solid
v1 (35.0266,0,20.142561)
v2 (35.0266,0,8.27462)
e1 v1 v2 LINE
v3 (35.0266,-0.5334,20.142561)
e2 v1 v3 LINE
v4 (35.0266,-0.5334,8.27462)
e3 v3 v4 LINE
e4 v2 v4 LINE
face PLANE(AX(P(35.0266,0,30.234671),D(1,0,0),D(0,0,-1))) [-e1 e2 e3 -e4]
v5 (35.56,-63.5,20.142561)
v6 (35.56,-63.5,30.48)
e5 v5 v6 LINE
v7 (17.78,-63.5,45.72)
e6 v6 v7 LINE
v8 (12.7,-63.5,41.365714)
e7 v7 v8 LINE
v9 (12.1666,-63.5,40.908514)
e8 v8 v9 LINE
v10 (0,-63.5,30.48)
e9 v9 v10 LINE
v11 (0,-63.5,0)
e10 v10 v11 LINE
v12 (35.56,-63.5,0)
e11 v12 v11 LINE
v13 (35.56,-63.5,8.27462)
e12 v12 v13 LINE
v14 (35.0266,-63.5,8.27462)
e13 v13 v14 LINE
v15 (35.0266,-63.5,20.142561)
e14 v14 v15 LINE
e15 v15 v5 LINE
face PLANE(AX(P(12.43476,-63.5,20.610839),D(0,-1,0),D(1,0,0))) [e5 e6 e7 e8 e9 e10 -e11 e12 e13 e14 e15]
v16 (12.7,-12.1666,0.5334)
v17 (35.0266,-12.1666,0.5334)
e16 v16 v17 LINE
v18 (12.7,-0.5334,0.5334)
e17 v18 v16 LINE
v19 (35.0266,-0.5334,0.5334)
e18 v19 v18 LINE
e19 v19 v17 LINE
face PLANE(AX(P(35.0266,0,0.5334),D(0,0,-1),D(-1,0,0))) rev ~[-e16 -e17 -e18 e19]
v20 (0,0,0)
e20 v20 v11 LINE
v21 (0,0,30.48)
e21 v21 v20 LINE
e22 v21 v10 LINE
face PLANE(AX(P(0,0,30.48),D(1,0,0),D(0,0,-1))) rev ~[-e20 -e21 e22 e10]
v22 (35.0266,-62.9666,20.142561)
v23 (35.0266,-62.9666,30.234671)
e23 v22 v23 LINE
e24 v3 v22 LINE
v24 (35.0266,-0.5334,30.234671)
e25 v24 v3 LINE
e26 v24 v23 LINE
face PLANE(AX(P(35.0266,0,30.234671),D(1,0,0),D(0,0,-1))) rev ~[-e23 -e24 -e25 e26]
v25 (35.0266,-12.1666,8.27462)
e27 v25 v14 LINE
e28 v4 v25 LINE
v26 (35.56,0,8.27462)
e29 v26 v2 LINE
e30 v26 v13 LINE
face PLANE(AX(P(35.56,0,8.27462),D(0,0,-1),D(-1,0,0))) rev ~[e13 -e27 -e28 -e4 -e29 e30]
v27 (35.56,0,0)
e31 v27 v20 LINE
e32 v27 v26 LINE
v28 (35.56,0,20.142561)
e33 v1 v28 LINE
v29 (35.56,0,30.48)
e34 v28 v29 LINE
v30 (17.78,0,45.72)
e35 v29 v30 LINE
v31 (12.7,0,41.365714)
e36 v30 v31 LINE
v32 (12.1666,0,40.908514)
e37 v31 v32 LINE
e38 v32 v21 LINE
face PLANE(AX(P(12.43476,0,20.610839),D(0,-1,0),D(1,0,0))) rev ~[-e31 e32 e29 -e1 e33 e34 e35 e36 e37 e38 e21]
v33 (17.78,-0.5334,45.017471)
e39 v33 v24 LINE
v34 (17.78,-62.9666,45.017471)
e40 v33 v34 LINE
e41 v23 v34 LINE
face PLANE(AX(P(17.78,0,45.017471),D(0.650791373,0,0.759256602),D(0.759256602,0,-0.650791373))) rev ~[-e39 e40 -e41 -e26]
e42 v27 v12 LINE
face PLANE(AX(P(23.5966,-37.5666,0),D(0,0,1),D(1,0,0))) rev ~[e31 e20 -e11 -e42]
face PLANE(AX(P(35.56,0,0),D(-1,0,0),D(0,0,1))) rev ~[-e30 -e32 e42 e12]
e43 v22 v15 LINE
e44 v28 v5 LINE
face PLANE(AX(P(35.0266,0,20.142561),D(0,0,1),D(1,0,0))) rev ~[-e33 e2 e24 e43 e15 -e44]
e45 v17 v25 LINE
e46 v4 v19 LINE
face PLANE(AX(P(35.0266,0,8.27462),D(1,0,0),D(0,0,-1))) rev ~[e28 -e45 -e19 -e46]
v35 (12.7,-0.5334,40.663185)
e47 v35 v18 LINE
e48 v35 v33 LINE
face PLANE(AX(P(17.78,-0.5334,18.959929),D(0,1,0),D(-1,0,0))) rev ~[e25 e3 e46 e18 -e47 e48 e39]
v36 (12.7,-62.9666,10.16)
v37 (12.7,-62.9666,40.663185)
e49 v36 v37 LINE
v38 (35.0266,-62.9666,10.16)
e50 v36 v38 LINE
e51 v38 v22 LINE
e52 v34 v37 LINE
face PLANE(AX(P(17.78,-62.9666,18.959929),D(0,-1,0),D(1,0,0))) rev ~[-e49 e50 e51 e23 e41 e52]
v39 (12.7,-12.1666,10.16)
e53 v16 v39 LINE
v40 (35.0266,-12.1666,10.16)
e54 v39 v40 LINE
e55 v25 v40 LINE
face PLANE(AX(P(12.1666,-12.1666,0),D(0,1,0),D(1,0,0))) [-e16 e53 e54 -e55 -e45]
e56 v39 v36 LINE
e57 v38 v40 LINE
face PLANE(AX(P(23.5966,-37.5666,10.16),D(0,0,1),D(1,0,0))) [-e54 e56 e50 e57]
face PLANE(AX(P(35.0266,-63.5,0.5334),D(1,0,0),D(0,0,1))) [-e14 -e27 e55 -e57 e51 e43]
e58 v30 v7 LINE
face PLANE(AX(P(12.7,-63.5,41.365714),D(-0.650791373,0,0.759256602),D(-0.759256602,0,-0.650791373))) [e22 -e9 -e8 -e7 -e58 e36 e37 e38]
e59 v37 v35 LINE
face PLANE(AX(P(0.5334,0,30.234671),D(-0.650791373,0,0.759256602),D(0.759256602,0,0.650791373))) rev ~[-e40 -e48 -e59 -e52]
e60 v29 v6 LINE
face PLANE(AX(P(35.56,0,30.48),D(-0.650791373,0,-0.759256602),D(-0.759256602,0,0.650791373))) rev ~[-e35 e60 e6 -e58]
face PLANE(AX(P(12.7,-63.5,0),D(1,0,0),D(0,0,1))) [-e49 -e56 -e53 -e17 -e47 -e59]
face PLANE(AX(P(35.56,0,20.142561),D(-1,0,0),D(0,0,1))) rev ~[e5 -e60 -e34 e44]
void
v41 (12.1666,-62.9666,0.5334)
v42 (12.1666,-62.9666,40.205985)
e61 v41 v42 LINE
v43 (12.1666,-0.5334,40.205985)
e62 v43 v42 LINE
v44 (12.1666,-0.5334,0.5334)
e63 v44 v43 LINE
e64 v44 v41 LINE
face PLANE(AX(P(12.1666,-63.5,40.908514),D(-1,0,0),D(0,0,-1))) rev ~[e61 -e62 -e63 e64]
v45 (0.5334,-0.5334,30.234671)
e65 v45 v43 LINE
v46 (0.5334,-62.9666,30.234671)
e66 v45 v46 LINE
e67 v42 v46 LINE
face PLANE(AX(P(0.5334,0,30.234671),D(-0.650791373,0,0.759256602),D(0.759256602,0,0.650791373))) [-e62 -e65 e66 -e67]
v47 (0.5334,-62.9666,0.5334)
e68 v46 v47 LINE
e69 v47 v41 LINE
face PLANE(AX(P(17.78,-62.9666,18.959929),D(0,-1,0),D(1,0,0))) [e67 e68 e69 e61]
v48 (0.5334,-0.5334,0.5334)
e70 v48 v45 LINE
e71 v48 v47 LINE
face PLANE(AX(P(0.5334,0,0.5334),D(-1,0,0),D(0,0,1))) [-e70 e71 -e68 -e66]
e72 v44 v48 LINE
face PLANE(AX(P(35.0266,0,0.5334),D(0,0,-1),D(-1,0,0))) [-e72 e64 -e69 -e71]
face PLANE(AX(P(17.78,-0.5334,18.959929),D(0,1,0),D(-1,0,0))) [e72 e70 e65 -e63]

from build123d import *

# Parameters (mm, degrees)
F1_DEPTH = 63.5
F3_DEPTH = 0.5334
F5_DEPTH = 0.5334
F7_DEPTH = 63.5
F8_W     = 22.86
F8_H     = 50.8
F9_DEPTH = 10.16


with BuildPart() as f1:
    # F0 (on Front) → F1 (new body)
    with BuildSketch(Plane.XZ):
        Polygon((0, 30.48), (0, 0), (35.56, 0), (35.56, 8.27462), (35.0266, 8.27462), (35.0266, 0.5334), (0.5334, 0.5334), (0.5334, 30.234671), (17.78, 45.017471), (35.0266, 30.234671), (35.0266, 20.142561), (35.56, 20.142561), (35.56, 30.48), (17.78, 45.72), align=None)
    extrude(amount=F1_DEPTH)

    # F2 (on face) → F3 (join)
    with BuildSketch(Plane.XZ.offset(63.5)):
        Polygon((35.0266, 0.5334), (35.0266, 30.234671), (17.78, 45.017471), (0.5334, 30.234671), (0.5334, 0.5334), align=None)
    extrude(amount=-F3_DEPTH)

    # F4 (on face) → F5 (join)
    with BuildSketch(Plane(origin=(0, 0, 0), x_dir=(-1, 0, 0), z_dir=(0, 1, 0))):
        Polygon((-35.0266, 30.234671), (-35.0266, 0.5334), (-0.5334, 0.5334), (-0.5334, 30.234671), (-17.78, 45.017471), align=None)
    extrude(amount=-F5_DEPTH)

    # F6 (on face) → F7 (join)
    with BuildSketch(Plane.XZ.offset(63.5)):
        Polygon((12.1666, 40.908514), (12.1666, 0), (12.7, 0), (12.7, 41.365714), align=None)
    extrude(amount=-F7_DEPTH)

    # F8 (on Top) → F9 (join)
    with BuildSketch(Plane.XY):
        with Locations((23.5966, -37.5666)):
            Rectangle(F8_W, F8_H)
    extrude(amount=F9_DEPTH)


solid = f1.part
